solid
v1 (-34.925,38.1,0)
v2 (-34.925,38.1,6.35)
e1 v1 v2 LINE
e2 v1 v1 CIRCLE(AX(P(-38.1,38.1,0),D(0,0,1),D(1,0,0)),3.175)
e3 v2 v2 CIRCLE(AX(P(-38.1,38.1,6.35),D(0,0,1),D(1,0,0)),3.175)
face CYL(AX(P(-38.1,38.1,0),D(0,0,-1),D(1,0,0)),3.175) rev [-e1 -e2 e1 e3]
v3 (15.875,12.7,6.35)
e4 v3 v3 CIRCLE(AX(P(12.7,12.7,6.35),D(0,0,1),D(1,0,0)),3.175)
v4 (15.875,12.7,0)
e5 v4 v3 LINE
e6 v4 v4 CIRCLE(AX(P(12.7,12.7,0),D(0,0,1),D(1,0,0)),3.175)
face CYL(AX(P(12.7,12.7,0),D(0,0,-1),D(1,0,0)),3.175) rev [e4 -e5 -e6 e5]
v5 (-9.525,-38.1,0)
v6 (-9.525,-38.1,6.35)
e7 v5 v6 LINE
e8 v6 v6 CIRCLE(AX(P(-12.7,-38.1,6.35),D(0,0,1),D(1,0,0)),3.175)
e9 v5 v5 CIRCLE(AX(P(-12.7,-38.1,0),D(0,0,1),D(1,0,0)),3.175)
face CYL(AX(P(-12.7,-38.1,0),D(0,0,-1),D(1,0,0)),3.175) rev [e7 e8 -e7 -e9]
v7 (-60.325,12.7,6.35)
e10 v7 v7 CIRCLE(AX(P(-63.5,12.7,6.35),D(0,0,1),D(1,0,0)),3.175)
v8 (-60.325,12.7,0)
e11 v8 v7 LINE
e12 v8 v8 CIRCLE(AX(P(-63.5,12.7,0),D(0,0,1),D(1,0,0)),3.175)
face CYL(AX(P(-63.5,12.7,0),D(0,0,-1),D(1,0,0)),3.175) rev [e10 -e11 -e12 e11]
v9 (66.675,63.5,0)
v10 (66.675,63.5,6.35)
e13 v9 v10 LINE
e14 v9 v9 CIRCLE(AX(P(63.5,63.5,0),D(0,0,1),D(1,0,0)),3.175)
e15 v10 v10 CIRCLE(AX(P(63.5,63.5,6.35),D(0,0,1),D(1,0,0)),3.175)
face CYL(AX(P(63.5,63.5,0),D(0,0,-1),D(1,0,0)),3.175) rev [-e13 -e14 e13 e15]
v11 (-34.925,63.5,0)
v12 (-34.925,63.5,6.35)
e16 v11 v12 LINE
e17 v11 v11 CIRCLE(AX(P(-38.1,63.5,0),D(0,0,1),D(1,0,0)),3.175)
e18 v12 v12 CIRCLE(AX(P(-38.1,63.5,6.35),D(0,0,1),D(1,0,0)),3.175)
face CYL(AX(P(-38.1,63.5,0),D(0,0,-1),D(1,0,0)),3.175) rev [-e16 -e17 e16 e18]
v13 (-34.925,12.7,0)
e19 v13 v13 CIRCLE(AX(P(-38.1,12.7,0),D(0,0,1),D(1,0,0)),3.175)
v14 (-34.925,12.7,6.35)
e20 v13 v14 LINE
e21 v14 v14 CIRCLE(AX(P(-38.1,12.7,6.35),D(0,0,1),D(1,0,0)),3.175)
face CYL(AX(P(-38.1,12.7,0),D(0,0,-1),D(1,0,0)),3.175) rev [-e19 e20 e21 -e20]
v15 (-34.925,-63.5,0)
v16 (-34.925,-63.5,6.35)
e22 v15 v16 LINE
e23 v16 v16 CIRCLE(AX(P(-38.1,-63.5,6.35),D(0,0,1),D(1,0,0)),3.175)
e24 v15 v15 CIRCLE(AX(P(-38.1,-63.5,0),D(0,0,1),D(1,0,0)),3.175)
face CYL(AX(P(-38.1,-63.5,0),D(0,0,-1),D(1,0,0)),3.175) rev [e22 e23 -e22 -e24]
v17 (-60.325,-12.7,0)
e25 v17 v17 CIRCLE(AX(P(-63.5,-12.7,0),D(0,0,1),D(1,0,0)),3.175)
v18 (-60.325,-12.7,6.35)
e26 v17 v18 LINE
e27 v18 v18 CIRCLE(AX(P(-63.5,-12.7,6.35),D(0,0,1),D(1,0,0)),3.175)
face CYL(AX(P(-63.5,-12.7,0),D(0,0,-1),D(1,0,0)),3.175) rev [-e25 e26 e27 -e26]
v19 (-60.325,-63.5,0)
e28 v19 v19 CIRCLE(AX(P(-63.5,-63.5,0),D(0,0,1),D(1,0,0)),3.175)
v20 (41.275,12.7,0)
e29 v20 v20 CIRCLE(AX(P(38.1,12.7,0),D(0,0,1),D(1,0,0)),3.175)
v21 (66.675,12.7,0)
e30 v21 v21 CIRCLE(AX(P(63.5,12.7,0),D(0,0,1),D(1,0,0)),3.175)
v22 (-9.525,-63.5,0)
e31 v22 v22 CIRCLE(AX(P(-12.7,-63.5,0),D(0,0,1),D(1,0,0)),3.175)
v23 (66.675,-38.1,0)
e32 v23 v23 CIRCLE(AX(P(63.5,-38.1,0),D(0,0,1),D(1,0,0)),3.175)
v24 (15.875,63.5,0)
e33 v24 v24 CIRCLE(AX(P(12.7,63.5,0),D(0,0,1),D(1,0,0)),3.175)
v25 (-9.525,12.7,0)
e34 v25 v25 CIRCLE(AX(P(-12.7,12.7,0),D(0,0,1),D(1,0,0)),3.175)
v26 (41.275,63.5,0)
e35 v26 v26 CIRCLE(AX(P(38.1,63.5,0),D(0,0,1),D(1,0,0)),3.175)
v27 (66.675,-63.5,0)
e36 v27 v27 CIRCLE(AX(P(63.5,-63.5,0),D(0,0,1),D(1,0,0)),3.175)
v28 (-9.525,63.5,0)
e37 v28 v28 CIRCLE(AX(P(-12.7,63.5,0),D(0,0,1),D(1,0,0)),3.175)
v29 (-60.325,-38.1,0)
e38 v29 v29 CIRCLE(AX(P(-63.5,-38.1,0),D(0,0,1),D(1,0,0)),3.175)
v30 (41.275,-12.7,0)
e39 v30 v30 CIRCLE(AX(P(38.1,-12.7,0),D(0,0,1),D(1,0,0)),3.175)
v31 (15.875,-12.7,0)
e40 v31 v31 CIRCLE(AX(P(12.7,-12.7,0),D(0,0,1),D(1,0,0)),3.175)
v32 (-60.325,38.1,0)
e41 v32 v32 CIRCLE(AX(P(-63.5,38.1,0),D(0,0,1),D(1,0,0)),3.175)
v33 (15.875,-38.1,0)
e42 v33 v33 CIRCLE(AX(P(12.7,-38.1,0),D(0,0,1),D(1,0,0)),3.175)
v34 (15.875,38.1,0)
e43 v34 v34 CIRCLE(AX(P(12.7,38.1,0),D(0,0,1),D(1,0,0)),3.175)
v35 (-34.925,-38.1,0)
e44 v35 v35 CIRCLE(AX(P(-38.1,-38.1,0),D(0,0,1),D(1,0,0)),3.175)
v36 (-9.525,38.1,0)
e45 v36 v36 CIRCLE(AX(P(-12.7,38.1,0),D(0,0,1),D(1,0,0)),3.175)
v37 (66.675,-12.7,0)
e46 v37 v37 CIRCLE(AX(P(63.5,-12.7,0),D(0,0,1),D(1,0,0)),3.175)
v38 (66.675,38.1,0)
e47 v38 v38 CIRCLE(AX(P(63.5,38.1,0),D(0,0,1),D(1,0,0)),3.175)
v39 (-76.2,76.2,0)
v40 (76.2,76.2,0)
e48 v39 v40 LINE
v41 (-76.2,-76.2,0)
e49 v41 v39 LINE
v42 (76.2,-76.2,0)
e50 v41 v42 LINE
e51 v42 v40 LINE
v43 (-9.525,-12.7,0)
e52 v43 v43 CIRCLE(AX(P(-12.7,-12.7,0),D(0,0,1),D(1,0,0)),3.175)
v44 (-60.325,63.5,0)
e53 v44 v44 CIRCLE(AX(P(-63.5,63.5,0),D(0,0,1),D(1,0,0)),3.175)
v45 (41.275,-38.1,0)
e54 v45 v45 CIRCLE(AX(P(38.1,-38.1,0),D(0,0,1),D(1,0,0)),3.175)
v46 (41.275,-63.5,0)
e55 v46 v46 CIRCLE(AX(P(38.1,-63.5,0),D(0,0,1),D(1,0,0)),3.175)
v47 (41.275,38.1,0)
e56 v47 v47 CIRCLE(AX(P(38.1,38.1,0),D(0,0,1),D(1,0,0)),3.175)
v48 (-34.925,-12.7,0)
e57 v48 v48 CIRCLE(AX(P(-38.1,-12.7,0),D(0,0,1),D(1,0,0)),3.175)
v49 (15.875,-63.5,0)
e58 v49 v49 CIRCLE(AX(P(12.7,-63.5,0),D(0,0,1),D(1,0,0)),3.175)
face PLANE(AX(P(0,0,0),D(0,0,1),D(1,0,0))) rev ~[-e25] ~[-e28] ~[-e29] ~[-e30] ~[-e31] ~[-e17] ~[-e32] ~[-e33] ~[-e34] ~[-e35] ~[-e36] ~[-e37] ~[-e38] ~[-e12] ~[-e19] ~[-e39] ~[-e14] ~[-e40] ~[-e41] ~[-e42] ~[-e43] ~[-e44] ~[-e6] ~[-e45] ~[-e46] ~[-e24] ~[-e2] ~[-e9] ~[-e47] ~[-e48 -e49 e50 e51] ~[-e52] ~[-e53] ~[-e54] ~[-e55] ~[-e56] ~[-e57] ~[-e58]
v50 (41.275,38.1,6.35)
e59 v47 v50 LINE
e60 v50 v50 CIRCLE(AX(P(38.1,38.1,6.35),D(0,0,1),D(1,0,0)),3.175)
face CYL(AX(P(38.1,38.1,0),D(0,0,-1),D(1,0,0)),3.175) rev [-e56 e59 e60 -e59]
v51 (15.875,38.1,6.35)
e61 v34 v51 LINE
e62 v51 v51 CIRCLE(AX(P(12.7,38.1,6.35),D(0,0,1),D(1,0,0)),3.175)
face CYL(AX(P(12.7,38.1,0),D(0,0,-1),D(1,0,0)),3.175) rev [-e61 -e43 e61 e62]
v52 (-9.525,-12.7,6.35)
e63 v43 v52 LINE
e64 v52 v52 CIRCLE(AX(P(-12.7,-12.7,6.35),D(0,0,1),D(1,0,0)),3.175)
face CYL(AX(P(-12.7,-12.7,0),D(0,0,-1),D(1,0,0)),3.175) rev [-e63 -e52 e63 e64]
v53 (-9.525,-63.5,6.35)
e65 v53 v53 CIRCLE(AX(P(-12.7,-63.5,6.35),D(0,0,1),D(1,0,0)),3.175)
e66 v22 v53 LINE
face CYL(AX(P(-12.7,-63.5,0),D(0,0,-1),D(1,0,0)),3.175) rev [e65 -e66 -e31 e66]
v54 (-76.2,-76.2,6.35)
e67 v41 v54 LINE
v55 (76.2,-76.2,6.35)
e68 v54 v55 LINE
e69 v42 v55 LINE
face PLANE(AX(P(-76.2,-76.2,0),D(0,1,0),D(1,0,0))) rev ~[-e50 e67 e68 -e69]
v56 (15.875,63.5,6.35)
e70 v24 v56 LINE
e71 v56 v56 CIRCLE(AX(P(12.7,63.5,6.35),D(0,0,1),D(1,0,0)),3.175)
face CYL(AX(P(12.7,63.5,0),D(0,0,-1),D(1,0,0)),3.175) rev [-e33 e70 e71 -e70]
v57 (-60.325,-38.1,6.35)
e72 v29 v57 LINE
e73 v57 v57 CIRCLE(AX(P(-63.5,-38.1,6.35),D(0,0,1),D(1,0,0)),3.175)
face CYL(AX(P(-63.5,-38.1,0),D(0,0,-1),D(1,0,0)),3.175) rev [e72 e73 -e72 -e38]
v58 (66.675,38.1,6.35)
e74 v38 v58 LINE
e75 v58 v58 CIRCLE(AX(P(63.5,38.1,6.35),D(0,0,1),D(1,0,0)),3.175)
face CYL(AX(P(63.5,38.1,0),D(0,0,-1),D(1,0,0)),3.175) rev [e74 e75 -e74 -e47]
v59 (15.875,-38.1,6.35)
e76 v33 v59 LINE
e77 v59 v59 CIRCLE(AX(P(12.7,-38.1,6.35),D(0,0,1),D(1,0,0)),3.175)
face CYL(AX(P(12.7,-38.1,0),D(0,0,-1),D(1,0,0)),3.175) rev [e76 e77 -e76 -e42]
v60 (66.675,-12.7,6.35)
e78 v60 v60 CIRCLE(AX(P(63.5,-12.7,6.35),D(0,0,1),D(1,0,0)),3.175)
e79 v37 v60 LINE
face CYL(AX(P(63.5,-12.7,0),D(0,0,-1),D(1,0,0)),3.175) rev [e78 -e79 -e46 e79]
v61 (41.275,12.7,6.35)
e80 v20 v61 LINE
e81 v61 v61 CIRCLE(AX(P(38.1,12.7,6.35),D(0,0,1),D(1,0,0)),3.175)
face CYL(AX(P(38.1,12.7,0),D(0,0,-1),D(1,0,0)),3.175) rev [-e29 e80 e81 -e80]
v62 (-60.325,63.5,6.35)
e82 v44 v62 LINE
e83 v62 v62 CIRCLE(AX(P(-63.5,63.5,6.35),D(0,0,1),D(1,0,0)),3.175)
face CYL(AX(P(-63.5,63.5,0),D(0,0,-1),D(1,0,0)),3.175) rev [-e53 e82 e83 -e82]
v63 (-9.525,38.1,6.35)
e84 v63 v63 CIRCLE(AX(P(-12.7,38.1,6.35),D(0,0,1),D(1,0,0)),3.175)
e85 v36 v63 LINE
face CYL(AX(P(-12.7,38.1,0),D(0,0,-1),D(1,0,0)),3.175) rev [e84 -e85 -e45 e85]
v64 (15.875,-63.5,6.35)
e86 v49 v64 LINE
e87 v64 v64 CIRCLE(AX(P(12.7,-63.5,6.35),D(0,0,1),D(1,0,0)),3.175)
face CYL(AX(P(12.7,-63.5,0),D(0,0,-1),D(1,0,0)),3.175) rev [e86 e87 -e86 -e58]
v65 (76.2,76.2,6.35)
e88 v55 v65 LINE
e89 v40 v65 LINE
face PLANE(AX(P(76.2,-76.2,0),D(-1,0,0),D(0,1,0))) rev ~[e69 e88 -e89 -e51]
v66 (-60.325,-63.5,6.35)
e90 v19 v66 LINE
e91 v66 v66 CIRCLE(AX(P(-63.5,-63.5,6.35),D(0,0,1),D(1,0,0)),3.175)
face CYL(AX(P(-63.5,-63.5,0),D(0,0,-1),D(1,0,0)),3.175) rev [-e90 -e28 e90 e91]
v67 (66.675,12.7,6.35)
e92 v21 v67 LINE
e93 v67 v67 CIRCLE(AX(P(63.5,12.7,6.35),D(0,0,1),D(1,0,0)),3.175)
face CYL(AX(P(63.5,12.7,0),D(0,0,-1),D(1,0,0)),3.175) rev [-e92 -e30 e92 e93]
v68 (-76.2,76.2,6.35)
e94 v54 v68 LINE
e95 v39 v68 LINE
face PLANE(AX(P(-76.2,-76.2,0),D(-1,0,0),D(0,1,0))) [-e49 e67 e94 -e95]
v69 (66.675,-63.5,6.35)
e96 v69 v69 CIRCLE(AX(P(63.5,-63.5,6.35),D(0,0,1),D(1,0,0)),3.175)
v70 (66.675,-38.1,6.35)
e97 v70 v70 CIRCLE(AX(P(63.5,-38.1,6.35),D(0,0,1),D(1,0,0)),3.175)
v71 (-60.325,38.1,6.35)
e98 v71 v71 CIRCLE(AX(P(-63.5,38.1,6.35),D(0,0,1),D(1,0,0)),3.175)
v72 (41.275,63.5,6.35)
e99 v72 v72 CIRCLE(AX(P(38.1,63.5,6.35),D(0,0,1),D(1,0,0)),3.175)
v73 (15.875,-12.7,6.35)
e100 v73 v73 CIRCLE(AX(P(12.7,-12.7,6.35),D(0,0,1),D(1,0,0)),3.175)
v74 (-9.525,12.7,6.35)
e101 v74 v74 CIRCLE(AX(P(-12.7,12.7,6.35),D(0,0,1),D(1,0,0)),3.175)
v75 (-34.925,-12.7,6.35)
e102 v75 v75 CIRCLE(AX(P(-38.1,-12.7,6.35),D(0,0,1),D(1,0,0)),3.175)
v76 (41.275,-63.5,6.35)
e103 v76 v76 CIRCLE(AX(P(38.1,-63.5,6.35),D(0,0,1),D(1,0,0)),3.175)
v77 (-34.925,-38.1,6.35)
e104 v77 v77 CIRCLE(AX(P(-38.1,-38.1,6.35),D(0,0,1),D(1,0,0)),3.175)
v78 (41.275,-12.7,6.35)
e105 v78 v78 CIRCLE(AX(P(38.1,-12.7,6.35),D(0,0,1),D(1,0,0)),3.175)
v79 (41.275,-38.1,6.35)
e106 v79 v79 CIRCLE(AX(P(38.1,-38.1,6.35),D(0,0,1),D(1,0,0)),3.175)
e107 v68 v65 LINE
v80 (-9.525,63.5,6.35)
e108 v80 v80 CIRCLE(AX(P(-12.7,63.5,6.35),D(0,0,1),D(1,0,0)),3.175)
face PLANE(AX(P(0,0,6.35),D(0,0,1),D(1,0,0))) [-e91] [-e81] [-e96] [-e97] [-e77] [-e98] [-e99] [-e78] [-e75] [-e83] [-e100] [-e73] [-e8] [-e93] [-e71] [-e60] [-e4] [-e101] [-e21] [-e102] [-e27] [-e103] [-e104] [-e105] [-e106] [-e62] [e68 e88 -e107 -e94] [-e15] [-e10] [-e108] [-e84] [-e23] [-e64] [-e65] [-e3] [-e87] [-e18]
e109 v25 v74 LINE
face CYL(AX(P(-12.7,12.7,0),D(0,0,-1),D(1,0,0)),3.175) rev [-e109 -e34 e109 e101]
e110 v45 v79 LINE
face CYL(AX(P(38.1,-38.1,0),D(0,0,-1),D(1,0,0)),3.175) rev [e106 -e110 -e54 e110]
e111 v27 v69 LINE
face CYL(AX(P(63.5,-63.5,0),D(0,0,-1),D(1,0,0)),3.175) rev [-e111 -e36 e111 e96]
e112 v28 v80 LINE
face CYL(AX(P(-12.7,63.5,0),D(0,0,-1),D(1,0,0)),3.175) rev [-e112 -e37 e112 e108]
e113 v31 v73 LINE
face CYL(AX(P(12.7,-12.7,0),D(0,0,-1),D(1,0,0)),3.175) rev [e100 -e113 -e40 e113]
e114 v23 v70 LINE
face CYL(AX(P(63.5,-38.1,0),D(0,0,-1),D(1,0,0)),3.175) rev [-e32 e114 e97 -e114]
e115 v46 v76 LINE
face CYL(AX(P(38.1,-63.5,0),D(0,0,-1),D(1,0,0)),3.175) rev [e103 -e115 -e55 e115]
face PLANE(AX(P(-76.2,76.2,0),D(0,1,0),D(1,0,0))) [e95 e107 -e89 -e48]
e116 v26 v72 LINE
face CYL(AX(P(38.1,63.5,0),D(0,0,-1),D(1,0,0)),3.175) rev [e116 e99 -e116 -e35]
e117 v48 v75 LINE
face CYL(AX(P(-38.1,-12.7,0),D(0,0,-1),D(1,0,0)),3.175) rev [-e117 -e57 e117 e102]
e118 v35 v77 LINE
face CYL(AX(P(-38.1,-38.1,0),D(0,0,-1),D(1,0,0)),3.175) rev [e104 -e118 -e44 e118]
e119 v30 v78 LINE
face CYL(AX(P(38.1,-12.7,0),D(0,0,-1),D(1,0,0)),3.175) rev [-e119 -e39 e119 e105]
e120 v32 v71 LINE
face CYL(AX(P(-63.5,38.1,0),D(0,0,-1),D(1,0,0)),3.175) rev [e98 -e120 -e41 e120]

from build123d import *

# Parameters (mm, degrees)
F0_W     = 152.4
F0_H     = 152.4
F0_R     = 3.175
F1_DEPTH = 6.35


with BuildPart() as f1:
    # F0 (on Top) → F1 (new body)
    with BuildSketch(Plane.XY):
        Rectangle(F0_W, F0_H)
        with Locations((-63.5, -63.5)):
            Circle(F0_R, mode=Mode.SUBTRACT)
        with Locations((-38.1, -63.5)):
            Circle(F0_R, mode=Mode.SUBTRACT)
        with Locations((-12.7, -63.5)):
            Circle(F0_R, mode=Mode.SUBTRACT)
        with Locations((-63.5, -38.1)):
            Circle(F0_R, mode=Mode.SUBTRACT)
        with Locations((-63.5, -12.7)):
            Circle(F0_R, mode=Mode.SUBTRACT)
        with Locations((-38.1, -38.1)):
            Circle(F0_R, mode=Mode.SUBTRACT)
        with Locations((-12.7, -38.1)):
            Circle(F0_R, mode=Mode.SUBTRACT)
        with Locations((-38.1, -12.7)):
            Circle(F0_R, mode=Mode.SUBTRACT)
        with Locations((-12.7, -12.7)):
            Circle(F0_R, mode=Mode.SUBTRACT)
        with Locations((12.7, -63.5)):
            Circle(F0_R, mode=Mode.SUBTRACT)
        with Locations((38.1, -63.5)):
            Circle(F0_R, mode=Mode.SUBTRACT)
        with Locations((63.5, -63.5)):
            Circle(F0_R, mode=Mode.SUBTRACT)
        with Locations((12.7, -38.1)):
            Circle(F0_R, mode=Mode.SUBTRACT)
        with Locations((12.7, -12.7)):
            Circle(F0_R, mode=Mode.SUBTRACT)
        with Locations((38.1, -38.1)):
            Circle(F0_R, mode=Mode.SUBTRACT)
        with Locations((63.5, -38.1)):
            Circle(F0_R, mode=Mode.SUBTRACT)
        with Locations((38.1, -12.7)):
            Circle(F0_R, mode=Mode.SUBTRACT)
        with Locations((63.5, -12.7)):
            Circle(F0_R, mode=Mode.SUBTRACT)
        with Locations((-63.5, 12.7)):
            Circle(F0_R, mode=Mode.SUBTRACT)
        with Locations((-38.1, 12.7)):
            Circle(F0_R, mode=Mode.SUBTRACT)
        with Locations((-12.7, 12.7)):
            Circle(F0_R, mode=Mode.SUBTRACT)
        with Locations((-63.5, 38.1)):
            Circle(F0_R, mode=Mode.SUBTRACT)
        with Locations((-63.5, 63.5)):
            Circle(F0_R, mode=Mode.SUBTRACT)
        with Locations((-38.1, 38.1)):
            Circle(F0_R, mode=Mode.SUBTRACT)
        with Locations((-12.7, 38.1)):
            Circle(F0_R, mode=Mode.SUBTRACT)
        with Locations((-38.1, 63.5)):
            Circle(F0_R, mode=Mode.SUBTRACT)
        with Locations((-12.7, 63.5)):
            Circle(F0_R, mode=Mode.SUBTRACT)
        with Locations((12.7, 12.7)):
            Circle(F0_R, mode=Mode.SUBTRACT)
        with Locations((38.1, 12.7)):
            Circle(F0_R, mode=Mode.SUBTRACT)
        with Locations((63.5, 12.7)):
            Circle(F0_R, mode=Mode.SUBTRACT)
        with Locations((12.7, 38.1)):
            Circle(F0_R, mode=Mode.SUBTRACT)
        with Locations((12.7, 63.5)):
            Circle(F0_R, mode=Mode.SUBTRACT)
        with Locations((38.1, 38.1)):
            Circle(F0_R, mode=Mode.SUBTRACT)
        with Locations((63.5, 38.1)):
            Circle(F0_R, mode=Mode.SUBTRACT)
        with Locations((38.1, 63.5)):
            Circle(F0_R, mode=Mode.SUBTRACT)
        with Locations((63.5, 63.5)):
            Circle(F0_R, mode=Mode.SUBTRACT)
    extrude(amount=F1_DEPTH)


solid = f1.part
